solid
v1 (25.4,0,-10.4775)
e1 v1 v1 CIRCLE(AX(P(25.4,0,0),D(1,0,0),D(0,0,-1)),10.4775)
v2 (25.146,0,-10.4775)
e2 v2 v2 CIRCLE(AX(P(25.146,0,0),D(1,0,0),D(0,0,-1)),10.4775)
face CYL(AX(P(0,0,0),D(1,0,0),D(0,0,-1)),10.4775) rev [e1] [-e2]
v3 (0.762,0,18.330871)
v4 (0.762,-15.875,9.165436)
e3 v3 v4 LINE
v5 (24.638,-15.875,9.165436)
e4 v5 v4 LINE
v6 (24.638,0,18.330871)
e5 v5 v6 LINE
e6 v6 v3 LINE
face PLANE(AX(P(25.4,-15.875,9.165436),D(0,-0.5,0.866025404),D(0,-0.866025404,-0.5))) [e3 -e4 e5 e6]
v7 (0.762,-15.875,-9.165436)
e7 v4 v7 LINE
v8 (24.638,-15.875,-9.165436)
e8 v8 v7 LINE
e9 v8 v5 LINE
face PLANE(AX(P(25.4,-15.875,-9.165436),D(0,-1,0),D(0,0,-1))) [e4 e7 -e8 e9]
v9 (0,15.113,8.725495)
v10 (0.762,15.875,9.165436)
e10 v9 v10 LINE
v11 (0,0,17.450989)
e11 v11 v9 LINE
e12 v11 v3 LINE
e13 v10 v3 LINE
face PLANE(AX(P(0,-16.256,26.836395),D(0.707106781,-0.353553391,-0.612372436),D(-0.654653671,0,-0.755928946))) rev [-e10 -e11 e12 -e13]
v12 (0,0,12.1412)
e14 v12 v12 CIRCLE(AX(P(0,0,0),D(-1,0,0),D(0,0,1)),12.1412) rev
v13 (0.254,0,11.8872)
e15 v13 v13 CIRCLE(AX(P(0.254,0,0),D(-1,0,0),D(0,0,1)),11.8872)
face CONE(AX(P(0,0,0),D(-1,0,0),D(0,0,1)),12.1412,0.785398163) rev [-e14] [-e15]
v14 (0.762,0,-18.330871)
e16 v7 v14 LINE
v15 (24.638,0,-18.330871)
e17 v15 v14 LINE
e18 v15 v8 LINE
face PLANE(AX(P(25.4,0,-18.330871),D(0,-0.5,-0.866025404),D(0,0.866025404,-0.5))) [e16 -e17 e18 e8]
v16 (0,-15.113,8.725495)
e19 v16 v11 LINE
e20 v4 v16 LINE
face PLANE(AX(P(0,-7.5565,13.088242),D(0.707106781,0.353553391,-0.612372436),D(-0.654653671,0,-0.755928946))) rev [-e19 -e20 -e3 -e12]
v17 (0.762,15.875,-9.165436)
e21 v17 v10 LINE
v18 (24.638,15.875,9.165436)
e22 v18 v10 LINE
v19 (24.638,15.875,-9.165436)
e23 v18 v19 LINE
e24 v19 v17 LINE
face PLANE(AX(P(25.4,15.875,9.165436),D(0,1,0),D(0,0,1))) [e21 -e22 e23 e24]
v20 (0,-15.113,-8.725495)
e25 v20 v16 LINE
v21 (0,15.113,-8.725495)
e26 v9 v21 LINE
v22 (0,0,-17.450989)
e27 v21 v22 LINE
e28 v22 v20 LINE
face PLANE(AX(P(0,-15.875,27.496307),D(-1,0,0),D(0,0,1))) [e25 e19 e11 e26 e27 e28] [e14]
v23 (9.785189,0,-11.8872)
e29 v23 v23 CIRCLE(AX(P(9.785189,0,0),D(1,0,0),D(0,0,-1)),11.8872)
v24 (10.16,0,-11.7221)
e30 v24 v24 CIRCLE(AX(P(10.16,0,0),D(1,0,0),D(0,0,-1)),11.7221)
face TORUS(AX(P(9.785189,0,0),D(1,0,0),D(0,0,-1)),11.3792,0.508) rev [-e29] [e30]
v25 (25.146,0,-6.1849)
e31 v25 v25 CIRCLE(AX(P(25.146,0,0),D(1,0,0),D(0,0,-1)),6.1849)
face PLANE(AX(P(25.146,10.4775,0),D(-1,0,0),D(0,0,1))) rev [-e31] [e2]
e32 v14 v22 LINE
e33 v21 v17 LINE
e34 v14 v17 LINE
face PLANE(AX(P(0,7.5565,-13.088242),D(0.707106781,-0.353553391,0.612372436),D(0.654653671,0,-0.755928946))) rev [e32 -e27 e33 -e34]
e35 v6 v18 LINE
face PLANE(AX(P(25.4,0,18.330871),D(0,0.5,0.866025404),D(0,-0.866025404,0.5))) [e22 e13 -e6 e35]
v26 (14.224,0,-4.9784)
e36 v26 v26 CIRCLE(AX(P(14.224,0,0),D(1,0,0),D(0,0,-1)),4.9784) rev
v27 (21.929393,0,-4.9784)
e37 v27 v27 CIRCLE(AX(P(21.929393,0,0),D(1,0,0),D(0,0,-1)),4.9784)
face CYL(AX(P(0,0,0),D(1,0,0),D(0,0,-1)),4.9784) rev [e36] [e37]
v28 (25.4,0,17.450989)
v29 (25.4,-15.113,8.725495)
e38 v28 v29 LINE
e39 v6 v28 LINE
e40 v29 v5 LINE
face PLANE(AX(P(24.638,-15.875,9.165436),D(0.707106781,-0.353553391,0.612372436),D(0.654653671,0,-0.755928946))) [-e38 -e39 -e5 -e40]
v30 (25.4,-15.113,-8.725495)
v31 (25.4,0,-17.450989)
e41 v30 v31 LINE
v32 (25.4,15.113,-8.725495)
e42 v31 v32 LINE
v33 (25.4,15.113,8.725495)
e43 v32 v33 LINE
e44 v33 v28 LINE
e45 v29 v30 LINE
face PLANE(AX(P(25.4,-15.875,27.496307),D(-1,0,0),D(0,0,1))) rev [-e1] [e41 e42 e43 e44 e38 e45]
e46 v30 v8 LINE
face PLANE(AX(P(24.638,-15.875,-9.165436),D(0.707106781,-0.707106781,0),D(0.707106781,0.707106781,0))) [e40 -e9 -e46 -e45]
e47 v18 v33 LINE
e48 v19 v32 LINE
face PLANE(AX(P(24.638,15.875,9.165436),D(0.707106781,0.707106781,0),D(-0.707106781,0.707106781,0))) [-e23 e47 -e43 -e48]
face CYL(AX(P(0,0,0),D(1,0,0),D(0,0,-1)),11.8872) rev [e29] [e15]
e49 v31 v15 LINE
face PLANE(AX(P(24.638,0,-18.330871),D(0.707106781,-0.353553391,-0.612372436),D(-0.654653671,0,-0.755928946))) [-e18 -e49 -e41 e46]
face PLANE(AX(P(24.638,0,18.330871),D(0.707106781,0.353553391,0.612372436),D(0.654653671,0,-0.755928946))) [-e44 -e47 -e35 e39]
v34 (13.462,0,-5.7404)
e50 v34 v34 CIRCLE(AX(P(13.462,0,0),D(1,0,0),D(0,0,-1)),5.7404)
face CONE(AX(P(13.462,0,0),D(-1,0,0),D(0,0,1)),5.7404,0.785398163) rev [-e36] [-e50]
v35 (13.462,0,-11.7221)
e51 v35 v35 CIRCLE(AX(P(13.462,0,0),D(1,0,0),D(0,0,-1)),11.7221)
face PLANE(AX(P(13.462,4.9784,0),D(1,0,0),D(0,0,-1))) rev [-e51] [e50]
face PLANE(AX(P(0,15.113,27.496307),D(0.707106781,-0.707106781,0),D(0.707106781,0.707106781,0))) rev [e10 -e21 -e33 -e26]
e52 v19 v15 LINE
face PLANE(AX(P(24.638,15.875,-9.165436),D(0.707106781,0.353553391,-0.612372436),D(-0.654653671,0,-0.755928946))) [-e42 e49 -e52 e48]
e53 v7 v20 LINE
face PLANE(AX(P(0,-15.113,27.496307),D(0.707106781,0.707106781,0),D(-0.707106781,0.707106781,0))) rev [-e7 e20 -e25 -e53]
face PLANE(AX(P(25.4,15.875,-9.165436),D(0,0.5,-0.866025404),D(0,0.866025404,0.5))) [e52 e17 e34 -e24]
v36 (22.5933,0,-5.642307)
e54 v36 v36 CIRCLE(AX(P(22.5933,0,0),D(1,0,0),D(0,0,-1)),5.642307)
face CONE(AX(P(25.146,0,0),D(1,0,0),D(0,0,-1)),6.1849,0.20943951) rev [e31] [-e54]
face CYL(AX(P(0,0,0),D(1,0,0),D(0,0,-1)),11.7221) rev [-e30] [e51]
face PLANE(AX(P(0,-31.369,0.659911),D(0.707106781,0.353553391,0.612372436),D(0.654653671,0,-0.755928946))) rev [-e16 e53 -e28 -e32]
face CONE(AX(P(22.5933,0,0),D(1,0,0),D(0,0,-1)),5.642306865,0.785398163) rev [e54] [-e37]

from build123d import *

# Parameters (mm, degrees)
EXTRUDE1_DEPTH = 25.4
CHAMFER1_SIZE  = 0.254
CHAMFER2_SIZE  = 0.762
CHAMFER3_SIZE  = 0.762
CHAMFER4_SIZE  = 0.762


with BuildPart() as part:
    # Sketch1 → Extrude1 (new body)
    with BuildSketch(Plane(origin=(0, 0, 0), x_dir=(0, -1, 0), z_dir=(-1, 0, 0))):
        Polygon((15.875, 9.165435523), (0, 18.330871047), (-15.875, 9.165435523), (-15.875, -9.165435523), (0, -18.330871047), (15.875, -9.165435523), align=None)
    extrude(amount=-EXTRUDE1_DEPTH)

    # Sketch2 → Cut-Revolve1 (revolve, cut)
    with BuildSketch(Plane.XY, mode=Mode.PRIVATE) as cut_revolve1_sk:
        with BuildLine():
            Line((0, 11.8872), (0, 0))
            Line((0, 0), (25.4, 0))
            Line((25.4, 0), (25.4, 10.4775))
            Line((25.4, 10.4775), (25.146, 10.4775))
            Line((25.146, 10.4775), (25.146, 6.1849))
            Line((25.146, 6.1849), (22.5933, 5.642306865))
            Line((22.5933, 5.642306865), (21.929393135, 4.9784))
            Line((21.929393135, 4.9784), (13.462, 4.9784))
            Line((13.462, 4.9784), (13.462, 11.7221))
            Line((13.462, 11.7221), (10.16, 11.7221))
            ThreePointArc((10.16, 11.7221), (9.989969941, 11.844096333), (9.785188594, 11.8872))
            Line((9.785188594, 11.8872), (0, 11.8872))
        make_face()
    revolve(cut_revolve1_sk.sketch.rotate(Axis((0, 0, 0), (1, 0, 0)), 270), axis=Axis((0, 0, 0), (1, 0, 0)), mode=Mode.SUBTRACT)  # turned: the seam where the file's is

    # Chamfer1
    chamfer1_edges = [part.edges().sort_by_distance(p)[0] for p in [
        (0, 0, 11.8872),
    ]]
    chamfer(chamfer1_edges, length=CHAMFER1_SIZE)

    # Chamfer2
    chamfer2_edges = [part.edges().sort_by_distance(p)[0] for p in [
        (13.462, 0, 4.9784),
    ]]
    chamfer(chamfer2_edges, length=CHAMFER2_SIZE)

    # Chamfer3
    chamfer3_edges = [part.edges().sort_by_distance(p)[0] for p in [
        (0, -7.9375, -13.748153285),
        (0, 7.9375, -13.748153285),
        (0, 15.875, 0),
        (0, 7.9375, 13.748153285),
        (0, -7.9375, 13.748153285),
        (0, -15.875, 0),
    ]]
    chamfer(chamfer3_edges, length=CHAMFER3_SIZE)

    # Chamfer4
    chamfer4_edges = [part.edges().sort_by_distance(p)[0] for p in [
        (25.4, 7.9375, 13.748153285),
        (25.4, 15.875, 0),
        (25.4, 7.9375, -13.748153285),
        (25.4, -7.9375, -13.748153285),
        (25.4, -15.875, 0),
        (25.4, -7.9375, 13.748153285),
    ]]
    chamfer(chamfer4_edges, length=CHAMFER4_SIZE)


solid = part.part
